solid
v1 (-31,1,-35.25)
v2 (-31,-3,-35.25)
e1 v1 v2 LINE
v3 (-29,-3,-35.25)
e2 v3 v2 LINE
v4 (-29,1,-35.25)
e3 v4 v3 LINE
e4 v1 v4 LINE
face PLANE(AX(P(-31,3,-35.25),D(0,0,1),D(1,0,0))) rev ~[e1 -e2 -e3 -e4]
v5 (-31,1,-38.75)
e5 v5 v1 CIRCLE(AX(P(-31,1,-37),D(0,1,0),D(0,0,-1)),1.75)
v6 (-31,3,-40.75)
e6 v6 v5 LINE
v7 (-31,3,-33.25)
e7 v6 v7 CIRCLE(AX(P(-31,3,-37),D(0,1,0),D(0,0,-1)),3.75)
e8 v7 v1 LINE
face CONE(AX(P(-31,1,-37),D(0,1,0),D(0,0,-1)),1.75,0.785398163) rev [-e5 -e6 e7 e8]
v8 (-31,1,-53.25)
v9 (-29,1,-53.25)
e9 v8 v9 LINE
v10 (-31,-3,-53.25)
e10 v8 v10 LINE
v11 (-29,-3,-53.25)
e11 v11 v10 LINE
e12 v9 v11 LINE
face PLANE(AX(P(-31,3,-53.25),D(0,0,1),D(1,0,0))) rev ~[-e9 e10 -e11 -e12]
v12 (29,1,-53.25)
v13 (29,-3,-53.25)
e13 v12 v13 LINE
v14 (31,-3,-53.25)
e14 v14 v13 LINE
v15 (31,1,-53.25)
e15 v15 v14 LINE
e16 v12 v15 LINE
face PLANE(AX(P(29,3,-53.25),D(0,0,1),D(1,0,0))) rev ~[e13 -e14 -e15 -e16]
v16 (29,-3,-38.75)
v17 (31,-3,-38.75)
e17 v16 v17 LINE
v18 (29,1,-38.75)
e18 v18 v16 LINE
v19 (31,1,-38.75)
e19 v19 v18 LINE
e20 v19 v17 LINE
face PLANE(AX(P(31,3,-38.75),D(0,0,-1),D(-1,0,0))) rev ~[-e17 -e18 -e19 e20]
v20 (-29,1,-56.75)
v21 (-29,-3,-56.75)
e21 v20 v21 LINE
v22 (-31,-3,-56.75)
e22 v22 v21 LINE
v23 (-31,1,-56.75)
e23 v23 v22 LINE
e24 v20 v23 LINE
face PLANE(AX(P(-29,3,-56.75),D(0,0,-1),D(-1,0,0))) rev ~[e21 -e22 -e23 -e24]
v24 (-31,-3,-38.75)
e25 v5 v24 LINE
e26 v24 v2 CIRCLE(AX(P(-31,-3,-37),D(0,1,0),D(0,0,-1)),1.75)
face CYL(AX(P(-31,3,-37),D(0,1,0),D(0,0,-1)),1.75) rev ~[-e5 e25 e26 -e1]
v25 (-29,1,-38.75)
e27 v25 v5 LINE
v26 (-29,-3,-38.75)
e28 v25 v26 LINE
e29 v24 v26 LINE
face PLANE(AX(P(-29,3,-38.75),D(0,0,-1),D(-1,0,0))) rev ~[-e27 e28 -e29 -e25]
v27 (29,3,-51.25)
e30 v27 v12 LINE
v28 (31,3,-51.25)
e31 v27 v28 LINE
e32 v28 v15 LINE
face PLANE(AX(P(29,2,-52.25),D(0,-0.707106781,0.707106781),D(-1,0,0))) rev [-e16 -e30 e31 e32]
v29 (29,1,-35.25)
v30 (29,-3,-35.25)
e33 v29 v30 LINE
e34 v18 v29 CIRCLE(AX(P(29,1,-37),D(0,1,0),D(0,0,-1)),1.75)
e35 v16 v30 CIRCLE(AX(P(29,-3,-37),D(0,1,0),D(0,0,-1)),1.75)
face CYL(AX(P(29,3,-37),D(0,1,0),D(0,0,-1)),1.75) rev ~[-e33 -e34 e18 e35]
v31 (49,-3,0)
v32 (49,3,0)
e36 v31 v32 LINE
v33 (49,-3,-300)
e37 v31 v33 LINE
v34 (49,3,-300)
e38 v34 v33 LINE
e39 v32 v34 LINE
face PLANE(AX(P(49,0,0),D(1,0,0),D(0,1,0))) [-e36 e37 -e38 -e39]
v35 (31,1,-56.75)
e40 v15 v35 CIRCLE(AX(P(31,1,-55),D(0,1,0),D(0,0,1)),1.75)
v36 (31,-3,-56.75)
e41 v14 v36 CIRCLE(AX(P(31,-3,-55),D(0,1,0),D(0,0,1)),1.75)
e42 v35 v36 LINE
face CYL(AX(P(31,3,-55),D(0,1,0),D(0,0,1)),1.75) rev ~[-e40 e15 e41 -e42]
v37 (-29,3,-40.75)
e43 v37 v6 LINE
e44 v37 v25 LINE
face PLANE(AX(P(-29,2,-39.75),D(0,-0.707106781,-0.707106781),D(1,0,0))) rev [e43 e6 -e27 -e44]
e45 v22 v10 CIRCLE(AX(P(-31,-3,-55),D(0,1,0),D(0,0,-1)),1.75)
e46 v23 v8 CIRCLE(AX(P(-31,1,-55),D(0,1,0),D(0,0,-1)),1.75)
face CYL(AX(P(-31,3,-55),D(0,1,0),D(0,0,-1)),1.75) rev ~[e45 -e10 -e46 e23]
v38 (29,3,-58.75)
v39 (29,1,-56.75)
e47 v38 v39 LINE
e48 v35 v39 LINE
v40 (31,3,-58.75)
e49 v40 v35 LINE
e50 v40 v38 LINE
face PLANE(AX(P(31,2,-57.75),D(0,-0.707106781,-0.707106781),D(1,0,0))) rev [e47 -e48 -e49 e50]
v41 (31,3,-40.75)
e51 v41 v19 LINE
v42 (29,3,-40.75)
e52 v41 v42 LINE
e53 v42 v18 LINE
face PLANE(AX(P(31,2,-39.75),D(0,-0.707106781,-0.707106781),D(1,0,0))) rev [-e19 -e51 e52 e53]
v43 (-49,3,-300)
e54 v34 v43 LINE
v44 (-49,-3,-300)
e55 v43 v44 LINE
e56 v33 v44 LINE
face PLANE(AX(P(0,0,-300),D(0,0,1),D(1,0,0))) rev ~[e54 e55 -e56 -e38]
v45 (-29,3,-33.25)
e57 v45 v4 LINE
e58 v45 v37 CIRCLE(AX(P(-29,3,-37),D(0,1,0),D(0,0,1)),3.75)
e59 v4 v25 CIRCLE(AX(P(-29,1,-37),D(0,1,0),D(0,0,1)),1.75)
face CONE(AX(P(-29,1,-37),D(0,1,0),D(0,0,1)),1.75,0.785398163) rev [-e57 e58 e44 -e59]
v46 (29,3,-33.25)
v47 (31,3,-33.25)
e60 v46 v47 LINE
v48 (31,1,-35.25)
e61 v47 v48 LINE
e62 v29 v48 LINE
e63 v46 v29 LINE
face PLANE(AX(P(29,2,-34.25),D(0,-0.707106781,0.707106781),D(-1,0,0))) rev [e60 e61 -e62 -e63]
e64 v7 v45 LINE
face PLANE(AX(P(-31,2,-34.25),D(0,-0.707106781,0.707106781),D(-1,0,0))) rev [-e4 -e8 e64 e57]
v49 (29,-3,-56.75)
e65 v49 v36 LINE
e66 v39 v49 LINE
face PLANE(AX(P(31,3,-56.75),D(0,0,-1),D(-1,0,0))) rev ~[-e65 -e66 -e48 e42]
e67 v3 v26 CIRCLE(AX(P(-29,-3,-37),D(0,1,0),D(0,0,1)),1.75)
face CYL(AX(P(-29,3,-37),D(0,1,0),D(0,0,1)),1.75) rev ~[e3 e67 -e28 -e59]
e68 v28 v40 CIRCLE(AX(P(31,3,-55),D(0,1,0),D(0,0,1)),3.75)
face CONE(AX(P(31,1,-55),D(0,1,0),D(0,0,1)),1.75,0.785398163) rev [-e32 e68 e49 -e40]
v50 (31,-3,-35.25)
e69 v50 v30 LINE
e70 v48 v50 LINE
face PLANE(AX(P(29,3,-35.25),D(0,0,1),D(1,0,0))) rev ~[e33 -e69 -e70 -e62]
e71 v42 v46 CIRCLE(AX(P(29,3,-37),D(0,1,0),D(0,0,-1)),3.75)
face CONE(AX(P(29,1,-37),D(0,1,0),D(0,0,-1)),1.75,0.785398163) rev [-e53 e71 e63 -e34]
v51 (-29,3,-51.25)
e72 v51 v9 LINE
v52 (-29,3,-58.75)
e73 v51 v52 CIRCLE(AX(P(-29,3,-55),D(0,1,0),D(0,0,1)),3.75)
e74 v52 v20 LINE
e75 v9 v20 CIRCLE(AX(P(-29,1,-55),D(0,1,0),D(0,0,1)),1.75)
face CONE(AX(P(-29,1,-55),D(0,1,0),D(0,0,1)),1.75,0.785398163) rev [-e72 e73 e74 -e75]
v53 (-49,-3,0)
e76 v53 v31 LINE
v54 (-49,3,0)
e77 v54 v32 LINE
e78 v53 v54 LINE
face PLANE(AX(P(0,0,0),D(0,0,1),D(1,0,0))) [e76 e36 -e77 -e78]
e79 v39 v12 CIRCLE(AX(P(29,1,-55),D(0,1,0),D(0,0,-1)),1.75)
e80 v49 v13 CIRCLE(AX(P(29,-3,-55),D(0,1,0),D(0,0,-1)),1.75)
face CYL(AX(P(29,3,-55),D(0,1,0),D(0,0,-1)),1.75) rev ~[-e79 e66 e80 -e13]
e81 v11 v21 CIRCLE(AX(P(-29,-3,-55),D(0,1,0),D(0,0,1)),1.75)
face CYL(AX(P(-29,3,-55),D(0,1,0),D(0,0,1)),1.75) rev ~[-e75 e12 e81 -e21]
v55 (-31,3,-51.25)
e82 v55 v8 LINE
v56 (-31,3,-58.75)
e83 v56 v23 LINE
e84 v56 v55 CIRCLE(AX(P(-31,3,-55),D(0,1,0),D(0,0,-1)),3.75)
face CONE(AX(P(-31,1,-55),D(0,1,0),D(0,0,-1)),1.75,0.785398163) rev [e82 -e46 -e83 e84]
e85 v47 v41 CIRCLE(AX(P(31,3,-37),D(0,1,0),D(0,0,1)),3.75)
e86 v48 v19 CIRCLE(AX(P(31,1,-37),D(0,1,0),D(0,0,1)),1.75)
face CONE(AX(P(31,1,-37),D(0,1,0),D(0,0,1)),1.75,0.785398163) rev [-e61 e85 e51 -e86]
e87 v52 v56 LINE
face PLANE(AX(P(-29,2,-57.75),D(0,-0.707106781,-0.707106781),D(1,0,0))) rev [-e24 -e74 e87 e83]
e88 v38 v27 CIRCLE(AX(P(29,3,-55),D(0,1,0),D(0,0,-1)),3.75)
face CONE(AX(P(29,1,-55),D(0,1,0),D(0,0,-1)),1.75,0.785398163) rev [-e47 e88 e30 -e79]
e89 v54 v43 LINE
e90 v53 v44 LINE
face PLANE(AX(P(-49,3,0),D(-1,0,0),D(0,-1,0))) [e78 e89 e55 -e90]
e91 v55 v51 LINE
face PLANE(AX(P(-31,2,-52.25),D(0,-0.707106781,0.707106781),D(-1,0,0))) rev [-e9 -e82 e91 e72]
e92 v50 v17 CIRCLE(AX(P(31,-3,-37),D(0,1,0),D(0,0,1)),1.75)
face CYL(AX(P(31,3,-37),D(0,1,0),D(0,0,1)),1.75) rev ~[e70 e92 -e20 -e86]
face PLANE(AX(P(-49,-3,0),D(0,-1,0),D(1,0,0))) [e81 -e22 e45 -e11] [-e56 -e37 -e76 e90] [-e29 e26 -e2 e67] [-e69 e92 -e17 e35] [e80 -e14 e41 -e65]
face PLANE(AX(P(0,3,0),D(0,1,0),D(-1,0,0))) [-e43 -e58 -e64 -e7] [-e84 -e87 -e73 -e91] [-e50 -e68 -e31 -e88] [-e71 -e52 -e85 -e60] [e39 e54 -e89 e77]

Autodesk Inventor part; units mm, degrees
ref_plane "YZ Plane" through (0, 0, 0) normal (1, 0, 0) x (0, 1, 0)
ref_plane "XZ Plane" through (0, 0, 0) normal (0, 1, 0) x (-1, 0, 0)
ref_plane "XY Plane" through (0, 0, 0) normal (0, 0, 1) x (1, 0, 0)
sketch "Skizze1" plane through (0, 0, 0) normal (0, 0, 1) x (1, 0, 0)
  line L0 (-68.6, 0) -> (68.6, 0) projected
  line L1 (0, -4.2) -> (0, 4.2) projected
  line L2 (-49, -3) -> (49, -3)
  line L3 (49, -3) -> (49, 3)
  line L4 (49, 3) -> (-49, 3)
  line L5 (-49, 3) -> (-49, -3)
  line L6 (-49, -3) -> (49, 3) construction
  line L7 (49, -3) -> (-49, 3) construction
  point P0 (0, 0)
  dimension "d0" = 98
  dimension "d1" = 6
extrude "Extrusion1" add sketch "Skizze1" against normal blind 300
sketch "Skizze2" plane through (-49, 3, 0) normal (0, 1, 0) x (1, 0, 0)
  line L0 (-19.6, 0) -> (117.6, 0) projected
  line L1 (49, 360) -> (49, -60) projected
  line L2 (98, 0) -> (0, 0) projected
  line L3 (98, 0) -> (98, 300) projected
  line L4 (0, 300) -> (98, 300) projected
  line L5 (0, 0) -> (0, 300) projected
  line L6 (18, 37) -> (20, 37) construction
  line L7 (18, 35.25) -> (20, 35.25)
  line L8 (20, 38.75) -> (18, 38.75)
  arc A0 (18, 38.75) -> (18, 35.25) centre (18, 37) ccw
  arc A1 (20, 35.25) -> (20, 38.75) centre (20, 37) ccw
  arc A2 (20, 53.25) -> (20, 56.75) centre (20, 55) ccw
  line L9 (18, 53.25) -> (20, 53.25)
  arc A3 (18, 56.75) -> (18, 53.25) centre (18, 55) ccw
  line L10 (20, 56.75) -> (18, 56.75)
  arc A4 (80, 35.25) -> (80, 38.75) centre (80, 37) ccw
  line L11 (78, 35.25) -> (80, 35.25)
  arc A5 (78, 38.75) -> (78, 35.25) centre (78, 37) ccw
  line L12 (80, 38.75) -> (78, 38.75)
  arc A6 (80, 53.25) -> (80, 56.75) centre (80, 55) ccw
  line L13 (78, 53.25) -> (80, 53.25)
  arc A7 (78, 56.75) -> (78, 53.25) centre (78, 55) ccw
  line L14 (80, 56.75) -> (78, 56.75)
  point P0 (49, 0)
  point P1 (19, 37)
  dimension "d4" = 2
  dimension "d5" = 3.5
  dimension "d8" = 18
  dimension "d11" = 60
  dimension "d14" = 37
extrude "Extrusion2" cut sketch "Skizze2" against normal blind 300 contours A0 L8 A1 L7 | L9 A3 L10 A2 | L11 A5 L12 A4 | L13 A7 L14 A6
chamfer "Fase1" distance 2 angle 45 16 edges at (-27.25, 3, -37) (-30, 3, -35.25) (-32.75, 3, -37) (-30, 3, -38.75) (-27.25, 3, -55) (-30, 3, -53.25) (-32.75, 3, -55) (-30, 3, -56.75) (30, 3, -35.25) (27.25, 3, -37) (30, 3, -38.75) (32.75, 3, -37) (32.75, 3, -55) (30, 3, -53.25) (27.25, 3, -55) (30, 3, -56.75)
properties part number "I Türe" material "PVC, hart"
